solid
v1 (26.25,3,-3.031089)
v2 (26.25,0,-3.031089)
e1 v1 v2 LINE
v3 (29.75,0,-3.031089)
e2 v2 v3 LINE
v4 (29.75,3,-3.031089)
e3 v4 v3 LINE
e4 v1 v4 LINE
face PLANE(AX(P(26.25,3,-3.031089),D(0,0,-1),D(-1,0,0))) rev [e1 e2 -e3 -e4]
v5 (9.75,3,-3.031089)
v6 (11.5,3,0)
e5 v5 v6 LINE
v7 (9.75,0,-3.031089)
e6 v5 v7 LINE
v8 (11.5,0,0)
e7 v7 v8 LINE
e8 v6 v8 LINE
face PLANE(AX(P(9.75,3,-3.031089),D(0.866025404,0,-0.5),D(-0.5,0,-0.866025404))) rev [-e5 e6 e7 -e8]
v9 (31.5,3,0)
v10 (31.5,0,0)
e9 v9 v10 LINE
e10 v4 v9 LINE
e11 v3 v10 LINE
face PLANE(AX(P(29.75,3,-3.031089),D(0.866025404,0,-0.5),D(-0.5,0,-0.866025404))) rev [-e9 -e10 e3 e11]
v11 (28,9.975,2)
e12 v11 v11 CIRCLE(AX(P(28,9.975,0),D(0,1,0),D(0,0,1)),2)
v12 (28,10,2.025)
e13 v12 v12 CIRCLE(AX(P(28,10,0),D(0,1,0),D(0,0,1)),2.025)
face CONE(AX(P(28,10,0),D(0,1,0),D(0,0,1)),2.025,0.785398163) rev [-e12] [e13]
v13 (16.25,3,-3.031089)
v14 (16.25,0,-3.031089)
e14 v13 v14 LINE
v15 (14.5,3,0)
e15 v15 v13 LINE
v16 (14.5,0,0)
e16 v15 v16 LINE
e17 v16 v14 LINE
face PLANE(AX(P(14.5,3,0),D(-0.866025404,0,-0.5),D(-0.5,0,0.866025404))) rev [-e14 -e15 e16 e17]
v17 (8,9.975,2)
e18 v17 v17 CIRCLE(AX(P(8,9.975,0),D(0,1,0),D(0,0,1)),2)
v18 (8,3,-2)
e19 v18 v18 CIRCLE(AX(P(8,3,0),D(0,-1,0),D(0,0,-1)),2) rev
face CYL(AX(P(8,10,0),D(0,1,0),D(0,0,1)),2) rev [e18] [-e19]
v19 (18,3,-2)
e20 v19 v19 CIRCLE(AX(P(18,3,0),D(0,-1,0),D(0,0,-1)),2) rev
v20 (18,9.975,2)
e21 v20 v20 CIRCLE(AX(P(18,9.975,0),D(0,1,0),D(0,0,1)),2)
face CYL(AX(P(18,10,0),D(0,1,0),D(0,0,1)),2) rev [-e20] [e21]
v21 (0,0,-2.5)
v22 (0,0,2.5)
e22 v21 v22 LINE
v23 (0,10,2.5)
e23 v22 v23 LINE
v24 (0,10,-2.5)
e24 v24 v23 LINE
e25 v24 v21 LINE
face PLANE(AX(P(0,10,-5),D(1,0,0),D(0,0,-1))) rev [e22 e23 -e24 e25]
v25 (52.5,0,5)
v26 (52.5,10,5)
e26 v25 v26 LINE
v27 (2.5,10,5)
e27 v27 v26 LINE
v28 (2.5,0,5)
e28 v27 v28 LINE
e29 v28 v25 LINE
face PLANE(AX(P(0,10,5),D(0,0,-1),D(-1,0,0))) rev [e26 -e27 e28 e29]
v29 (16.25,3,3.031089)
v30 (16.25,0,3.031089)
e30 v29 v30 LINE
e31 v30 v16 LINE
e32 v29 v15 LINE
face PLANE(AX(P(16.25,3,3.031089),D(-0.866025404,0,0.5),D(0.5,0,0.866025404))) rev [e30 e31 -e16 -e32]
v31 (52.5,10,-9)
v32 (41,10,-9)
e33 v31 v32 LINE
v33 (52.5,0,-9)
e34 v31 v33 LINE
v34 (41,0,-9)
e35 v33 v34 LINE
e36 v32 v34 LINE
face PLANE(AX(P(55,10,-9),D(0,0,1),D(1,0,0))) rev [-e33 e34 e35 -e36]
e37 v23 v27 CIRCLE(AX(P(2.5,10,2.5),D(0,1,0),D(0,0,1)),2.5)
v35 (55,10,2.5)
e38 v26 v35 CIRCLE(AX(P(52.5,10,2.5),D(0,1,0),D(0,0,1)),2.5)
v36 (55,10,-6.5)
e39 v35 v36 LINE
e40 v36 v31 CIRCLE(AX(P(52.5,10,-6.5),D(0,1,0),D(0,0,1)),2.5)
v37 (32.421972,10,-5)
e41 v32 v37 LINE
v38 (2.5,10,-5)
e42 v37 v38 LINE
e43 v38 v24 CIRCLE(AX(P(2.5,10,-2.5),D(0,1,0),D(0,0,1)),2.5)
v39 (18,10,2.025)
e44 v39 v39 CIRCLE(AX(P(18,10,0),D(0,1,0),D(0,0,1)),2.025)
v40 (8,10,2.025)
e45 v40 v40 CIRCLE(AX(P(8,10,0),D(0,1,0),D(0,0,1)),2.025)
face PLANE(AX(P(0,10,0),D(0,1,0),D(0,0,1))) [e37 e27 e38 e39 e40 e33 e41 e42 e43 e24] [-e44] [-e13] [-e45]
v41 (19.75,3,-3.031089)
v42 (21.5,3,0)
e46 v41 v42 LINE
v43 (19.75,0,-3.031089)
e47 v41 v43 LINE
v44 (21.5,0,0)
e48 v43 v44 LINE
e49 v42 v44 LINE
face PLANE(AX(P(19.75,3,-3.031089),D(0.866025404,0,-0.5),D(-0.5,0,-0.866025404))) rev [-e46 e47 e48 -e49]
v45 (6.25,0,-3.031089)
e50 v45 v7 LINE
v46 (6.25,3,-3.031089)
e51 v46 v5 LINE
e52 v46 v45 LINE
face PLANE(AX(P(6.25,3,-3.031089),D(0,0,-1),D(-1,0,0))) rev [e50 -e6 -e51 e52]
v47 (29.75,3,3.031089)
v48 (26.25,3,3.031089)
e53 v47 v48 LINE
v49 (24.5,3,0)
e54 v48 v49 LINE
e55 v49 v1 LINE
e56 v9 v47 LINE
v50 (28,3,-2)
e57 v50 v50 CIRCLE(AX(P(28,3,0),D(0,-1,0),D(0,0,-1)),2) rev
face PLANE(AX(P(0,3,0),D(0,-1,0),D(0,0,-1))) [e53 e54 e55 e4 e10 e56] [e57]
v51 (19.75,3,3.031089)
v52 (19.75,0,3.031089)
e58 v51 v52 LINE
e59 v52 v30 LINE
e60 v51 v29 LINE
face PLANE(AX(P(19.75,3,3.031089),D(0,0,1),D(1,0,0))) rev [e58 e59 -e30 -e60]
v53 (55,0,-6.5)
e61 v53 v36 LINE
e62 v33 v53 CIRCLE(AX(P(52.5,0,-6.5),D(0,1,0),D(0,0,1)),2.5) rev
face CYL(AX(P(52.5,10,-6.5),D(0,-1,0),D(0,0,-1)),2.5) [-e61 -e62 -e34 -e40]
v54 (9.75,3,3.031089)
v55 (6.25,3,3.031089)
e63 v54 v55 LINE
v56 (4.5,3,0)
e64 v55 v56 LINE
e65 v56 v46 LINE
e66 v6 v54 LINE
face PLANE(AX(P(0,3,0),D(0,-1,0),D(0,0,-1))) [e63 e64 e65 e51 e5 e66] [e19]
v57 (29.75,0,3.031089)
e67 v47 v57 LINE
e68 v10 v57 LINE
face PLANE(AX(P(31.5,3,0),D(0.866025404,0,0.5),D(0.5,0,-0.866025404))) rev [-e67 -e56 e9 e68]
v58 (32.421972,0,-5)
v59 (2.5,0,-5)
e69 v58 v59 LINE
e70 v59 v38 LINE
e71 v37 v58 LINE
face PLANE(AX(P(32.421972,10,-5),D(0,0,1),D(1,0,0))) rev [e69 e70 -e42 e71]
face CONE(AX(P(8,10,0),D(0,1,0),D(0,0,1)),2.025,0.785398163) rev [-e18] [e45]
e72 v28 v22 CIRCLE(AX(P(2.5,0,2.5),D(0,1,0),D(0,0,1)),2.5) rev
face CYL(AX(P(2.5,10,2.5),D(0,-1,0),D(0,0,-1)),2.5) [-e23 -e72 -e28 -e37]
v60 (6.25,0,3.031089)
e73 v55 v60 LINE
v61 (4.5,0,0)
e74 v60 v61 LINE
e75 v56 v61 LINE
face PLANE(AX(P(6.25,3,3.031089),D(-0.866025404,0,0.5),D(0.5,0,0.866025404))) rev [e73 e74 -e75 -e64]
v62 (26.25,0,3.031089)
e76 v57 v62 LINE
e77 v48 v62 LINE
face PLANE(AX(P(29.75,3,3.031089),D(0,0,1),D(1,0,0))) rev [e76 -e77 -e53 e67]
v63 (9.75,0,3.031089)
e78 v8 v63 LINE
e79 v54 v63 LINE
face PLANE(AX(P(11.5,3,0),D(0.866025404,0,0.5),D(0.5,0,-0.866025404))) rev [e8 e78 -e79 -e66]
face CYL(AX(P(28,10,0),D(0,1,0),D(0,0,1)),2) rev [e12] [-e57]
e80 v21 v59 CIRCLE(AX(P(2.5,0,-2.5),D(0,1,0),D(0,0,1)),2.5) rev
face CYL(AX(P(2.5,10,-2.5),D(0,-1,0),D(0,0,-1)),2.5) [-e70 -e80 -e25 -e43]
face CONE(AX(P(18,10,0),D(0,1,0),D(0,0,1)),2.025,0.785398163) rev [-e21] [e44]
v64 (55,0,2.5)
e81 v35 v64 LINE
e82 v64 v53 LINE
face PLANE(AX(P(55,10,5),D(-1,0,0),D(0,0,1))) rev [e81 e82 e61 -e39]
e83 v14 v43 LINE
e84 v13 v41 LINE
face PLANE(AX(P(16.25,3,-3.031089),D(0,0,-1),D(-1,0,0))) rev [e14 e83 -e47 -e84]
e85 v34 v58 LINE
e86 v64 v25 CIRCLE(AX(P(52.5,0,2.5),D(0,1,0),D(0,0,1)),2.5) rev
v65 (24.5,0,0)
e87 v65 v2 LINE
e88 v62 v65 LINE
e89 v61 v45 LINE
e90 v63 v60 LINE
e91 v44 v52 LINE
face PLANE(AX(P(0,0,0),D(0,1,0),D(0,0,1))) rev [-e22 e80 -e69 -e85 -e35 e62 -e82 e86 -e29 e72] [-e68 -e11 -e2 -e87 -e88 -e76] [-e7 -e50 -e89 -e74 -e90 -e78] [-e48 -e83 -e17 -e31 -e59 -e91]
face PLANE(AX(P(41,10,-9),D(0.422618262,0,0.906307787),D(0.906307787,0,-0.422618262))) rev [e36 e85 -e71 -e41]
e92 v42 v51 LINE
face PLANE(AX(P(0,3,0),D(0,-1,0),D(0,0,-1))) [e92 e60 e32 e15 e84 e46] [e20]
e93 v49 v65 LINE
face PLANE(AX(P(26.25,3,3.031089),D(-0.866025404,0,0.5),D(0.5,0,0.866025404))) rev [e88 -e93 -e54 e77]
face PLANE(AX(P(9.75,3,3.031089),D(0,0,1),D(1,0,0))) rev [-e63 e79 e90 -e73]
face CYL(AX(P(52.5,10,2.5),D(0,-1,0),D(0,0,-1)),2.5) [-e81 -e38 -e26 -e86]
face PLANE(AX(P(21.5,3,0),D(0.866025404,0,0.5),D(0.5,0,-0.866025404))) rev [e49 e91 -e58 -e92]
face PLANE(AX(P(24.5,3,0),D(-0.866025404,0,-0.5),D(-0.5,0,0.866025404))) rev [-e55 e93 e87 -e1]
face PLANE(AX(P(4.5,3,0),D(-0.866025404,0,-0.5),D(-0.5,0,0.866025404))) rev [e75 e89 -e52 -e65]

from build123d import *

# Parameters (mm, degrees)
BOSS_EXTRUDE1_DEPTH             = 10
F_4_0MM_DOWEL_HOLE1_D           = 4
F_4_0MM_DOWEL_HOLE1_CSINK_D     = 4.05
F_4_0MM_DOWEL_HOLE1_CSINK_ANGLE = 90
CUT_EXTRUDE1_DEPTH              = 3
FILLET1_R                       = 2.5


with BuildPart() as part:
    # Sketch1 → Boss-Extrude1 (new body)
    with BuildSketch(Plane(origin=(0, 0, 0), x_dir=(1, 0, 0), z_dir=(0, 1, 0))):
        Polygon((0, 5), (0, -5), (55, -5), (55, 9), (41, 9), (32.421972318, 5), align=None)
    extrude(amount=BOSS_EXTRUDE1_DEPTH)

    # Ø4.0mm Dowel Hole1 (through all)
    with Locations(Plane(origin=(0, 10, 0), x_dir=(1, 0, 0), z_dir=(0, 1, 0))):
        with Locations((8, 0), (18, 0), (28, 0)):
            CounterSinkHole(F_4_0MM_DOWEL_HOLE1_D / 2, F_4_0MM_DOWEL_HOLE1_CSINK_D / 2, counter_sink_angle=F_4_0MM_DOWEL_HOLE1_CSINK_ANGLE)

    # Sketch5 → Cut-Extrude1 (cut)
    with BuildSketch(Plane.XZ):
        Polygon((9.75, -3.031088913), (11.5, 0), (9.75, 3.031088913), (6.25, 3.031088913), (4.5, 0), (6.25, -3.031088913), align=None)
        Polygon((21.5, 0), (19.75, 3.031088913), (16.25, 3.031088913), (14.5, 0), (16.25, -3.031088913), (19.75, -3.031088913), align=None)
        Polygon((31.5, 0), (29.75, 3.031088913), (26.25, 3.031088913), (24.5, 0), (26.25, -3.031088913), (29.75, -3.031088913), align=None)
    extrude(amount=-CUT_EXTRUDE1_DEPTH, mode=Mode.SUBTRACT)

    # Fillet1
    fillet1_edges = [part.edges().sort_by_distance(p)[0] for p in [
        (55, 5, -9),
        (55, 5, 5),
        (0, 5, 5),
        (0, 5, -5),
    ]]
    fillet(fillet1_edges, radius=FILLET1_R)


solid = part.part
